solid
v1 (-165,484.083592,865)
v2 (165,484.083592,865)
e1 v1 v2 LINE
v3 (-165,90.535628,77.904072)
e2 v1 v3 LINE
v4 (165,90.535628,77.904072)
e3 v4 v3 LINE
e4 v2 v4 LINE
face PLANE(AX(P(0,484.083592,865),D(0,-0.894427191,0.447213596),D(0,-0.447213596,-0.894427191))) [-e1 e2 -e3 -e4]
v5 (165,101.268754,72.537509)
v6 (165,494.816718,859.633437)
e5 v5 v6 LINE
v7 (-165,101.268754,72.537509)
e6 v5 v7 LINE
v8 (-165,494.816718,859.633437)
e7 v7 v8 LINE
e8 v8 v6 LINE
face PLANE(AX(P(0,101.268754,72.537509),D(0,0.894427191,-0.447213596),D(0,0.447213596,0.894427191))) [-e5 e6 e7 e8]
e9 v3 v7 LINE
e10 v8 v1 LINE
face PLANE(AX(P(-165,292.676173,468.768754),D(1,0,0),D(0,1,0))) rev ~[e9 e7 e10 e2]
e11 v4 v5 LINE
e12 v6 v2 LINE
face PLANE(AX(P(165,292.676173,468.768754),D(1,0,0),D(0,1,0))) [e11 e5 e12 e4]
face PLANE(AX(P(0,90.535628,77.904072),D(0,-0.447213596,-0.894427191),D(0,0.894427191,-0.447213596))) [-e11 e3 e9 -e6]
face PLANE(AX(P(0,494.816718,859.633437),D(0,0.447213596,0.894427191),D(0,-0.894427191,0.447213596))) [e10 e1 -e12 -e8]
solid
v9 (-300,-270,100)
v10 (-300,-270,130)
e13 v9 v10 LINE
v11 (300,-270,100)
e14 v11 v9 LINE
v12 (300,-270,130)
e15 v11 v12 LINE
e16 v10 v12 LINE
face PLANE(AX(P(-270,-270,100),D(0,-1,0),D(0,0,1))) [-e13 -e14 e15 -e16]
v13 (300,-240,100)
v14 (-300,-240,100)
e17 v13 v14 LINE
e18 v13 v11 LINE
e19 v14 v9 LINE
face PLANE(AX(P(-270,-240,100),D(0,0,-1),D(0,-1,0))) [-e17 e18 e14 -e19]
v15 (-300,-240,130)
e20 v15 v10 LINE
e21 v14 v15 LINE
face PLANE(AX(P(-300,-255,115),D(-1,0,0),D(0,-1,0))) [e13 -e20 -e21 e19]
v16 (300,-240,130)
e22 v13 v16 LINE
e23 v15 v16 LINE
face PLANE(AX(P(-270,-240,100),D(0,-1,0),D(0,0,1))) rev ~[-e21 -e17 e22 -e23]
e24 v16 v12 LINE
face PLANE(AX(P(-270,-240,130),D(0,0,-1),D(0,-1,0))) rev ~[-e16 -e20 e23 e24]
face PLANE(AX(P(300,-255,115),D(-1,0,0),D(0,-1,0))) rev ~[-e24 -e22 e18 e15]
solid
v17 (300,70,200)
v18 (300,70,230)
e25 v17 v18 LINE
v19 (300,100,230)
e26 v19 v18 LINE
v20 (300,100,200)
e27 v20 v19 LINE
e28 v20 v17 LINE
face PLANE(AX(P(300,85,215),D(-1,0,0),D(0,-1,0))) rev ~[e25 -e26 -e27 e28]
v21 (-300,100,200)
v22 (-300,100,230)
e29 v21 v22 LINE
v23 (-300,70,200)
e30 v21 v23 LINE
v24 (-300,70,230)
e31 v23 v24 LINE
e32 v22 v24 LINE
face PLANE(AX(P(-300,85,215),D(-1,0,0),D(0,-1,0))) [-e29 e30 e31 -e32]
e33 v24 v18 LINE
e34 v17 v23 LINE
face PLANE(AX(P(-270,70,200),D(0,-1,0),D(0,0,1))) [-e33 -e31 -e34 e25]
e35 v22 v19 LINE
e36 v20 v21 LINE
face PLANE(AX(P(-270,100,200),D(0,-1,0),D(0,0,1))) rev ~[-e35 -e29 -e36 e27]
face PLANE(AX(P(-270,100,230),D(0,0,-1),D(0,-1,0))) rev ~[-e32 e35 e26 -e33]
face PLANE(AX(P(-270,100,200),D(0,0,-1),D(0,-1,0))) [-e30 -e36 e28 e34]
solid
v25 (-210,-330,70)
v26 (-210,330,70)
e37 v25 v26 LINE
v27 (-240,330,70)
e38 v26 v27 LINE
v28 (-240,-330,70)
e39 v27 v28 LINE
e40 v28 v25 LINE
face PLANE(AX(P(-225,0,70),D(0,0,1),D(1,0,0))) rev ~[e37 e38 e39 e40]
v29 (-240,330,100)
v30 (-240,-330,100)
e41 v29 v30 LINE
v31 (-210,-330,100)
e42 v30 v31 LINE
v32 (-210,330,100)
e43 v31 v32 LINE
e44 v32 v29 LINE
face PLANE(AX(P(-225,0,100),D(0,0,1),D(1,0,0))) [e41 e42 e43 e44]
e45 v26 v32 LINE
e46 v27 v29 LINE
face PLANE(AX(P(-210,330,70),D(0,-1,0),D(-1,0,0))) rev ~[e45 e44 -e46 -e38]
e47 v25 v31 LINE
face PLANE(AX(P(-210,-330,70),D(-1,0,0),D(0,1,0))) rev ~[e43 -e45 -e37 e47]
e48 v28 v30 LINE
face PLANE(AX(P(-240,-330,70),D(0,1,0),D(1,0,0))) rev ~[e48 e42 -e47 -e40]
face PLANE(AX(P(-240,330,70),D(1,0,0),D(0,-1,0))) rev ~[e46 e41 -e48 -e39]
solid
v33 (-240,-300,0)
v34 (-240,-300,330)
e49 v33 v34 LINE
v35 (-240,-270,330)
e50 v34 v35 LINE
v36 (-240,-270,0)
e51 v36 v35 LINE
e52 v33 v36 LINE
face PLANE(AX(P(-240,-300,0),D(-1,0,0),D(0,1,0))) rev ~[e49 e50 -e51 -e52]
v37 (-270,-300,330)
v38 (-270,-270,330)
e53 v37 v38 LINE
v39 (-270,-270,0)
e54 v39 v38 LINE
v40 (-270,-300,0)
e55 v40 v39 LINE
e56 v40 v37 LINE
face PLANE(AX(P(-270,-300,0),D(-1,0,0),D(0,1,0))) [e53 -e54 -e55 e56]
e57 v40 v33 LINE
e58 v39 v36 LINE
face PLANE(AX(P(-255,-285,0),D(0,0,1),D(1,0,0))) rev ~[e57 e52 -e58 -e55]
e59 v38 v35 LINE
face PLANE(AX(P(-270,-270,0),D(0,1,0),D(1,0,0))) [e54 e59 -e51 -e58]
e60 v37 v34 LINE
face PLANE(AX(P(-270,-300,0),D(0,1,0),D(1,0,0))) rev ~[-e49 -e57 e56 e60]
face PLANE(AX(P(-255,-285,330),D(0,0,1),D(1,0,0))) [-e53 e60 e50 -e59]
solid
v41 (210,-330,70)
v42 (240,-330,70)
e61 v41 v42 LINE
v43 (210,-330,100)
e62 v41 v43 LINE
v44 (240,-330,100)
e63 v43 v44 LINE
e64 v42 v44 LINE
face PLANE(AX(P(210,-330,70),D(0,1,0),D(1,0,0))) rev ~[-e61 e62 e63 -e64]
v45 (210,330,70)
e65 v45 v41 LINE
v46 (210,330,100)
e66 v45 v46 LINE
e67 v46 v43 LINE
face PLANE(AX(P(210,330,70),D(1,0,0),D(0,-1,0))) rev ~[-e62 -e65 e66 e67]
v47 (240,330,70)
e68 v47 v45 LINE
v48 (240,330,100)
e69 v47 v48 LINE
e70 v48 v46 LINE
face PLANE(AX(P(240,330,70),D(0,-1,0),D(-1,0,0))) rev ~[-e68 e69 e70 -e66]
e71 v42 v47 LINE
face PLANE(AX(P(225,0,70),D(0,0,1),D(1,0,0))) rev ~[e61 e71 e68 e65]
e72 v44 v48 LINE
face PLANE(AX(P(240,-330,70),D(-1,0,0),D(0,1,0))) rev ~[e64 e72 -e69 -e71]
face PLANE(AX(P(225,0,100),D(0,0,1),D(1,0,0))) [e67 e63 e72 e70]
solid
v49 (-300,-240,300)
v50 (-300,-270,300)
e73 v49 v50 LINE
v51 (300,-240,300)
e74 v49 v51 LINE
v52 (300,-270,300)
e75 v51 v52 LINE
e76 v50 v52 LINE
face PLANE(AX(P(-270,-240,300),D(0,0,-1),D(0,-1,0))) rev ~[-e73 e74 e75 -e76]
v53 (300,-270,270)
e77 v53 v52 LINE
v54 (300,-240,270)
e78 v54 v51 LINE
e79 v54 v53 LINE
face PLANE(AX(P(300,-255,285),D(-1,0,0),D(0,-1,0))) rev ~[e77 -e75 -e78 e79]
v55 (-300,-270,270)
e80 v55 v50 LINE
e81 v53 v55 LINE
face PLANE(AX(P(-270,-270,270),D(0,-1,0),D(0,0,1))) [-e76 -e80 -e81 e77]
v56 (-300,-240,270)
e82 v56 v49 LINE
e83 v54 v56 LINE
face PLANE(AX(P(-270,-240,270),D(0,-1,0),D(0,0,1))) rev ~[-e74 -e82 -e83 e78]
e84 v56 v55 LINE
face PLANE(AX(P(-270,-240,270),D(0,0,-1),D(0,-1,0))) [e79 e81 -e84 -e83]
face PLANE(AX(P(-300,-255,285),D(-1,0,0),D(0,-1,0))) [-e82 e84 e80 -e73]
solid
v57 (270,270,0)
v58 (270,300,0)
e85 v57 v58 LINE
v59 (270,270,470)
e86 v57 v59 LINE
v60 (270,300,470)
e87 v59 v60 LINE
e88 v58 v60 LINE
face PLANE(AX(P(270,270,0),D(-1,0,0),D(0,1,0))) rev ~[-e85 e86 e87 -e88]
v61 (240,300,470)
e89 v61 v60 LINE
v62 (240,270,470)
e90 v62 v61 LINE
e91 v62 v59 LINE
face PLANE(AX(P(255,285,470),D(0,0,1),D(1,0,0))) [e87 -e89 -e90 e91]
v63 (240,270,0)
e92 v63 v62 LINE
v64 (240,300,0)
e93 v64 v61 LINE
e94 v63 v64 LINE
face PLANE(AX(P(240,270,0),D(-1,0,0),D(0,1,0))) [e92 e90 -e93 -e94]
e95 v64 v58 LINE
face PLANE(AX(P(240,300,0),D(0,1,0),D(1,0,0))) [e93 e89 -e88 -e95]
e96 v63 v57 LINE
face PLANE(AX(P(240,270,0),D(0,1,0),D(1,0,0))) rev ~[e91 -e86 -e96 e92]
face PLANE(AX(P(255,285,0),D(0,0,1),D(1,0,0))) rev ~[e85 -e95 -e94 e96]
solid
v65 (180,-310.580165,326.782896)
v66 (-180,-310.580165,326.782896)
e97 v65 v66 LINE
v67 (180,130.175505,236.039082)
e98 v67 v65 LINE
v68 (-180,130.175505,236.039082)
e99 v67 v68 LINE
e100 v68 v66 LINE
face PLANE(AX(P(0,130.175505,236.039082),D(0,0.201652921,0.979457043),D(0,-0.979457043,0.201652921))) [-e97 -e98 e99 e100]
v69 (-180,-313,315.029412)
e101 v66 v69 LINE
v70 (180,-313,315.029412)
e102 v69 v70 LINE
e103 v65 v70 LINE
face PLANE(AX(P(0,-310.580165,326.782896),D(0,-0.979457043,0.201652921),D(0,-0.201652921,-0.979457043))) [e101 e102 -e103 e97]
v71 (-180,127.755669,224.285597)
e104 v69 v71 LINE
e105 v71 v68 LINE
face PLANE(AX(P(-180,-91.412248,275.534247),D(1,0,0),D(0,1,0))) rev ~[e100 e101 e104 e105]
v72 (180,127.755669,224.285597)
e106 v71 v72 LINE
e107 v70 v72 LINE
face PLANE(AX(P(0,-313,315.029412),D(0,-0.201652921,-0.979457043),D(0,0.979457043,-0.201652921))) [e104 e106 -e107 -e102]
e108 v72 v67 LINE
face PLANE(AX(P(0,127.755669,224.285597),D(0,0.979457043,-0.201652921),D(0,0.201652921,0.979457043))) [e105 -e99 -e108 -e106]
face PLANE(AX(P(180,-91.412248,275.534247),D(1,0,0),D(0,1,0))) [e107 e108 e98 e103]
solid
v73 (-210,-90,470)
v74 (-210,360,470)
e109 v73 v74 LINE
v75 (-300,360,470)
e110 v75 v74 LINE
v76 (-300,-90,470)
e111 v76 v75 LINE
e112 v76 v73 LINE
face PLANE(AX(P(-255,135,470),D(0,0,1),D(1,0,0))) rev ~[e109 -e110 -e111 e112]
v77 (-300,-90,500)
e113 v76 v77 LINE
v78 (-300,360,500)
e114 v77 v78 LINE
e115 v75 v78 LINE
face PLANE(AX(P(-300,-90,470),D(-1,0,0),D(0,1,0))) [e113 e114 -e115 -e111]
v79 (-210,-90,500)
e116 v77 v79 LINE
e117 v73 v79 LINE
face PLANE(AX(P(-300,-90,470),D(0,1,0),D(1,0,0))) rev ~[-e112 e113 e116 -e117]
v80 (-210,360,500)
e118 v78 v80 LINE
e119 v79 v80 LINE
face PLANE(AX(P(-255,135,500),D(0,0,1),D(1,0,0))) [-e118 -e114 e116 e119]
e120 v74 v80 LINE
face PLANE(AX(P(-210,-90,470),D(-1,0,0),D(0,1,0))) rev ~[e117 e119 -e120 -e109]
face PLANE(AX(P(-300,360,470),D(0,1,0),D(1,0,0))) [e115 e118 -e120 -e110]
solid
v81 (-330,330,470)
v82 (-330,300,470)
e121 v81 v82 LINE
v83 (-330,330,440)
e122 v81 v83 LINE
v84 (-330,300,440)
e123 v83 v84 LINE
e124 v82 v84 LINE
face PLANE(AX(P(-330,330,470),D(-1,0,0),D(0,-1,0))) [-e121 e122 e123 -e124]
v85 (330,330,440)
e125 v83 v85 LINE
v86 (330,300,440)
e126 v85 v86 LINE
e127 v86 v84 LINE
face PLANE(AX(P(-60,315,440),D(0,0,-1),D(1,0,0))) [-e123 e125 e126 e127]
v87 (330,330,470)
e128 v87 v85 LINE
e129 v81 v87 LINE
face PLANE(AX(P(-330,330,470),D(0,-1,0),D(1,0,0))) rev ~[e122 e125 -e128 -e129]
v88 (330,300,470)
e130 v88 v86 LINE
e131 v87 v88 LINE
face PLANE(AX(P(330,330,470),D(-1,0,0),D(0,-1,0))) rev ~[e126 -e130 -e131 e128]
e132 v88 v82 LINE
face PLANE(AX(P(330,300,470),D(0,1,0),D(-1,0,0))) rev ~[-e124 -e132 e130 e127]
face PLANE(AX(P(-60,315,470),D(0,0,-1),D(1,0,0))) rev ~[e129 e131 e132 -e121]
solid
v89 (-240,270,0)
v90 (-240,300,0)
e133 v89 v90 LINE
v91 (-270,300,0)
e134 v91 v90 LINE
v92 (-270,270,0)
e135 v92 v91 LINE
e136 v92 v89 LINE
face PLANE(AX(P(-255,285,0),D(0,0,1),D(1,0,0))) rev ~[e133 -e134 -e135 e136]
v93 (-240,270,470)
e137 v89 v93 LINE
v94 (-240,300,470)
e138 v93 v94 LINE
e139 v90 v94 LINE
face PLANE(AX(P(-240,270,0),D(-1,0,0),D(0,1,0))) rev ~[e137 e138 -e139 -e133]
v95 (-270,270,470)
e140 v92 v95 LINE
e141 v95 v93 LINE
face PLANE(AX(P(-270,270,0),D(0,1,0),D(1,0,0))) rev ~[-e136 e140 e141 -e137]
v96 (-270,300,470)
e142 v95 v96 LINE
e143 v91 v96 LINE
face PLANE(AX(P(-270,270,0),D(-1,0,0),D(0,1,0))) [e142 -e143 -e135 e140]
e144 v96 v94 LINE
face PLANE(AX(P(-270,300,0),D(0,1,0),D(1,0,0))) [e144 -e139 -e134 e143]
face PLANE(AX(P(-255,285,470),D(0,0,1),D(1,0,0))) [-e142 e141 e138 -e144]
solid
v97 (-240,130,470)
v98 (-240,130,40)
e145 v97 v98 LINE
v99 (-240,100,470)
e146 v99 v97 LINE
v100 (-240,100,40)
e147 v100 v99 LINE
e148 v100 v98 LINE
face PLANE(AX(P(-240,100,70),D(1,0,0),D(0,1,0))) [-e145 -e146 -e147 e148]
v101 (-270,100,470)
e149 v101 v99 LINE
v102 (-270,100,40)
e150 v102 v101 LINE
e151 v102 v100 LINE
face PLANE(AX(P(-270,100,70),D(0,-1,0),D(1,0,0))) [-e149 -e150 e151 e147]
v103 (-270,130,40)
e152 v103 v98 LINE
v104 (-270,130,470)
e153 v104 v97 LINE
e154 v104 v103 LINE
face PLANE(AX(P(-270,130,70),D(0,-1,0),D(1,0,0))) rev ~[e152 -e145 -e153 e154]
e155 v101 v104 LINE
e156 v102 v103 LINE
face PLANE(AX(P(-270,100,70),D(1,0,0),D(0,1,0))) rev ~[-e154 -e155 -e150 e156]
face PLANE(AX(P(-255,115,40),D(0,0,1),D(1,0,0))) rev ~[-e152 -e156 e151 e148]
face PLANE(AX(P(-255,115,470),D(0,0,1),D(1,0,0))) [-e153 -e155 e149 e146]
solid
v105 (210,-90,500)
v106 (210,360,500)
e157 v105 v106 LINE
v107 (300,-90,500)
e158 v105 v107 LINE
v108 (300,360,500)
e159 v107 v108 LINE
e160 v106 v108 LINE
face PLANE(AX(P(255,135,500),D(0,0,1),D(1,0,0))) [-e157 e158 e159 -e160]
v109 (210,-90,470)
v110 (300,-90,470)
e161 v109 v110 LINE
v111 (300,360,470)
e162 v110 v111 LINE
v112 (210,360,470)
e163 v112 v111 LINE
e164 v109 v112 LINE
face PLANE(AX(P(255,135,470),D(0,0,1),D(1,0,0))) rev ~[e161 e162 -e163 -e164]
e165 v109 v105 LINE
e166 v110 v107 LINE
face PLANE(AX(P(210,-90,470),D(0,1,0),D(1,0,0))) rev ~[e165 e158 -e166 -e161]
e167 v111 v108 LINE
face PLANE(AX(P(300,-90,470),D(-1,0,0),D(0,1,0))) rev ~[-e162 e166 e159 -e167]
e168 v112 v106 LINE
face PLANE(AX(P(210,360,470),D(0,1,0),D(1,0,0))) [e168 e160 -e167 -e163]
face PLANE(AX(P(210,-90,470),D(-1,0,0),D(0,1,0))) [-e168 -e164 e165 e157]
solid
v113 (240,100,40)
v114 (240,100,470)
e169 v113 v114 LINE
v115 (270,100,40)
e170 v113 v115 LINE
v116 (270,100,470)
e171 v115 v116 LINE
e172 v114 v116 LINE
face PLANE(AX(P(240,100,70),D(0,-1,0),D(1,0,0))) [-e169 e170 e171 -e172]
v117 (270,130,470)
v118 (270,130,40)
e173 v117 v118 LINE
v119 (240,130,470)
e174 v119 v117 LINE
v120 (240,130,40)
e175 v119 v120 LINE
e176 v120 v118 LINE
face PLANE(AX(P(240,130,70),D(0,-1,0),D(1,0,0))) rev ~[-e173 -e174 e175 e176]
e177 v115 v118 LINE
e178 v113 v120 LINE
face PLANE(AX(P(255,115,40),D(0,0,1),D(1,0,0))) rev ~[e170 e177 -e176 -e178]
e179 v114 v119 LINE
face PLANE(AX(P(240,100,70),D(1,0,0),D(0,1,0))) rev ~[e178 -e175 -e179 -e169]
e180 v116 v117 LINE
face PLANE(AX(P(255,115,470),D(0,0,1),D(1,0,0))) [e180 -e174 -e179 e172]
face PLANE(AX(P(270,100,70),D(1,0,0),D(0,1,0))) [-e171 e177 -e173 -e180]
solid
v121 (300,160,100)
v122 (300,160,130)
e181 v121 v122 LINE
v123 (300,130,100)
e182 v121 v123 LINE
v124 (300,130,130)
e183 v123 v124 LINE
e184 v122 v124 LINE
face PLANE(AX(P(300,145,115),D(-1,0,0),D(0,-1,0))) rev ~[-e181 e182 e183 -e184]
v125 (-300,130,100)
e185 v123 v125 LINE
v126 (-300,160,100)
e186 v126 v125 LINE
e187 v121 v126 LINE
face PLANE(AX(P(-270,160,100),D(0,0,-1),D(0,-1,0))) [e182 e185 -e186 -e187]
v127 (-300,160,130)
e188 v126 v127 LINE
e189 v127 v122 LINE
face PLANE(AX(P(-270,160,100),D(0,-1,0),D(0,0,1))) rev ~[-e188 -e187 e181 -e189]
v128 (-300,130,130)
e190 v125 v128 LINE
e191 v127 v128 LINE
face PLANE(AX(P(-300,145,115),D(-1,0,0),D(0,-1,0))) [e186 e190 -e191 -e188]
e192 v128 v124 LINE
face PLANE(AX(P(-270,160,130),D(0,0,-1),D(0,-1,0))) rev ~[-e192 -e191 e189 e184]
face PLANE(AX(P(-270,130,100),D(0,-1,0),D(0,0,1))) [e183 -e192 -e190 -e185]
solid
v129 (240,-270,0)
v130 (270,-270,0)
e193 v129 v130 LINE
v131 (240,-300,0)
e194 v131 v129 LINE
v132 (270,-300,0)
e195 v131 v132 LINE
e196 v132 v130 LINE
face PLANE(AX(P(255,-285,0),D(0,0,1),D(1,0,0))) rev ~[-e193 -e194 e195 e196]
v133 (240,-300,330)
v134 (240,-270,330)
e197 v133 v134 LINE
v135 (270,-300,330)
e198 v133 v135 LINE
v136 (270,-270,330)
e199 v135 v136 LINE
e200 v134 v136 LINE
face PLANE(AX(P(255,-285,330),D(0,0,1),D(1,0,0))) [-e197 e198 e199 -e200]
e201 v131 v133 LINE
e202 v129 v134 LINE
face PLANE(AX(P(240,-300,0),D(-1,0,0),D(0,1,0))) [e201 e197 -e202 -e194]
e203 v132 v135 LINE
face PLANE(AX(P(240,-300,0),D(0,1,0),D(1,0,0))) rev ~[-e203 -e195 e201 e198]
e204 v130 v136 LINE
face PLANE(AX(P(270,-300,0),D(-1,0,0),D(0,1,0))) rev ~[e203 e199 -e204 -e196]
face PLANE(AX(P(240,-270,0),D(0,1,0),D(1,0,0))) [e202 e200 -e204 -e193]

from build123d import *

# Parameters (mm, degrees)
F2_W           = 30
F2_H           = 30
F3_DEPTH       = 330
F4_DEPTH       = 470
F7_DEPTH       = 30
F6_W           = 30
F6_H           = 30
F8_DEPTH       = 400
F8_DEPTH_BACK  = 30
F9_W           = 90
F9_H           = 450
F9_W_2         = 30
F9_H_2         = 30
F10_DEPTH      = 30
F11_W          = 30
F11_H          = 30
F12_DEPTH      = 30
F12_DEPTH_BACK = 570
F13_W          = 540
F13_H          = 30
F13_W_2        = 30
F13_W_3        = 90
F14_DEPTH      = 30
F16_DEPTH      = 180
F17_DEPTH      = 165


with BuildPart() as f3:
    # F2 (on Top) → F3 (new body)
    with BuildSketch(Plane.XY):
        with Locations((255, -285)):
            Rectangle(F2_W, F2_H)
    extrude(amount=F3_DEPTH)


with BuildPart() as f3b:
    # F2 (on Top) → F3, piece 2 (new body)
    with BuildSketch(Plane.XY):
        with Locations((-255, -285)):
            Rectangle(F2_W, F2_H)
    extrude(amount=F3_DEPTH)


with BuildPart() as f4:
    # F2 (on Top) → F4 (new body)
    with BuildSketch(Plane.XY):
        with Locations((-255, 285)):
            Rectangle(F2_W, F2_H)
    extrude(amount=F4_DEPTH)


with BuildPart() as f4b:
    # F2 (on Top) → F4, piece 2 (new body)
    with BuildSketch(Plane.XY):
        with Locations((255, 285)):
            Rectangle(F2_W, F2_H)
    extrude(amount=F4_DEPTH)


with BuildPart() as f7:
    # F6 (on offset) → F7 (new body)
    with BuildSketch(Plane.XY.offset(70)):
        Polygon((-210, -330), (-210, 330), (-240, 330), (-240, 130), (-240, 100), (-240, -330), align=None)
    extrude(amount=F7_DEPTH)


with BuildPart() as f7b:
    # F6 (on offset) → F7, piece 2 (new body)
    with BuildSketch(Plane.XY.offset(70)):
        Polygon((240, 130), (240, 330), (210, 330), (210, -330), (240, -330), (240, 100), align=None)
    extrude(amount=F7_DEPTH)


with BuildPart() as f8:
    # F6 (on offset) → F8 (new body, two sides)
    with BuildSketch(Plane.XY.offset(70)) as f8_sk:
        with Locations((-255, 115)):
            Rectangle(F6_W, F6_H)
    extrude(amount=F8_DEPTH)
    extrude(f8_sk.sketch, amount=-F8_DEPTH_BACK)


with BuildPart() as f8b:
    # F6 (on offset) → F8, piece 2 (new body, two sides)
    with BuildSketch(Plane.XY.offset(70)) as f8_2_sk:
        with Locations((255, 115)):
            Rectangle(F6_W, F6_H)
    extrude(amount=F8_DEPTH)
    extrude(f8_2_sk.sketch, amount=-F8_DEPTH_BACK)


with BuildPart() as f10:
    # F9 (on face) → F10 (new body)
    with BuildSketch(Plane.XY.offset(470)):
        with Locations((-255, 135)):
            Rectangle(F9_W, F9_H)
        with Locations((-255, 285)):
            Rectangle(F9_W_2, F9_H_2, mode=Mode.SUBTRACT)
        with Locations((-255, 285)):
            Rectangle(F9_W_2, F9_H_2)
    extrude(amount=F10_DEPTH)


with BuildPart() as f10b:
    # F9 (on face) → F10, piece 2 (new body)
    with BuildSketch(Plane.XY.offset(470)):
        with Locations((255, 135)):
            Rectangle(F9_W, F9_H)
    extrude(amount=F10_DEPTH)


with BuildPart() as f12:
    # F11 (on face) → F12 (new body, two sides)
    with BuildSketch(Plane(origin=(-270, 0, 0), x_dir=(0, -1, 0), z_dir=(-1, 0, 0))) as f12_sk:
        with Locations((-145, 115)):
            Rectangle(F11_W, F11_H)
    extrude(amount=F12_DEPTH)
    extrude(f12_sk.sketch, amount=-F12_DEPTH_BACK)


with BuildPart() as f12b:
    # F11 (on face) → F12, piece 2 (new body, two sides)
    with BuildSketch(Plane(origin=(-270, 0, 0), x_dir=(0, -1, 0), z_dir=(-1, 0, 0))) as f12_2_sk:
        with Locations((255, 115)):
            Rectangle(F11_W, F11_H)
    extrude(amount=F12_DEPTH)
    extrude(f12_2_sk.sketch, amount=-F12_DEPTH_BACK)


with BuildPart() as f12c:
    # F11 (on face) → F12, piece 3 (new body, two sides)
    with BuildSketch(Plane(origin=(-270, 0, 0), x_dir=(0, -1, 0), z_dir=(-1, 0, 0))) as f12_3_sk:
        with Locations((-85, 215)):
            Rectangle(F11_W, F11_H)
    extrude(amount=F12_DEPTH)
    extrude(f12_3_sk.sketch, amount=-F12_DEPTH_BACK)


with BuildPart() as f12d:
    # F11 (on face) → F12, piece 4 (new body, two sides)
    with BuildSketch(Plane(origin=(-270, 0, 0), x_dir=(0, -1, 0), z_dir=(-1, 0, 0))) as f12_4_sk:
        with Locations((255, 285)):
            Rectangle(F11_W, F11_H)
    extrude(amount=F12_DEPTH)
    extrude(f12_4_sk.sketch, amount=-F12_DEPTH_BACK)


with BuildPart() as f14:
    # F13 (on face) → F14 (new body)
    with BuildSketch(Plane(origin=(0, 0, 470), x_dir=(1, 0, 0), z_dir=(0, 0, -1))):
        with Locations((-60, -315)):
            Rectangle(F13_W, F13_H)
        with Locations((315, -315)):
            Rectangle(F13_W_2, F13_H)
        with Locations((255, -315)):
            Rectangle(F13_W_3, F13_H)
    extrude(amount=F14_DEPTH)


with BuildPart() as f16:
    # F15 (on Right) → F16 (new body, symmetric)
    with BuildSketch(Plane.YZ):
        Polygon((-310.580164952, 326.7828962838), (-313, 315.0294117647), (127.7556694655, 224.285597463), (130.1755045135, 236.0390819821), align=None)
    extrude(amount=F16_DEPTH, both=True)


with BuildPart() as f17:
    # F15 (on Right) → F17 (new body, symmetric)
    with BuildSketch(Plane.YZ):
        Polygon((101.268754387, 72.5375087741), (494.816718427, 859.633436854), (484.083592135, 865), (90.535628095, 77.9040719201), align=None)
    extrude(amount=F17_DEPTH, both=True)


solid = Compound([f3.part, f3b.part, f4.part, f4b.part, f7.part, f7b.part, f8.part, f8b.part, f10.part, f10b.part, f12.part, f12b.part, f12c.part, f12d.part, f14.part, f16.part, f17.part])
